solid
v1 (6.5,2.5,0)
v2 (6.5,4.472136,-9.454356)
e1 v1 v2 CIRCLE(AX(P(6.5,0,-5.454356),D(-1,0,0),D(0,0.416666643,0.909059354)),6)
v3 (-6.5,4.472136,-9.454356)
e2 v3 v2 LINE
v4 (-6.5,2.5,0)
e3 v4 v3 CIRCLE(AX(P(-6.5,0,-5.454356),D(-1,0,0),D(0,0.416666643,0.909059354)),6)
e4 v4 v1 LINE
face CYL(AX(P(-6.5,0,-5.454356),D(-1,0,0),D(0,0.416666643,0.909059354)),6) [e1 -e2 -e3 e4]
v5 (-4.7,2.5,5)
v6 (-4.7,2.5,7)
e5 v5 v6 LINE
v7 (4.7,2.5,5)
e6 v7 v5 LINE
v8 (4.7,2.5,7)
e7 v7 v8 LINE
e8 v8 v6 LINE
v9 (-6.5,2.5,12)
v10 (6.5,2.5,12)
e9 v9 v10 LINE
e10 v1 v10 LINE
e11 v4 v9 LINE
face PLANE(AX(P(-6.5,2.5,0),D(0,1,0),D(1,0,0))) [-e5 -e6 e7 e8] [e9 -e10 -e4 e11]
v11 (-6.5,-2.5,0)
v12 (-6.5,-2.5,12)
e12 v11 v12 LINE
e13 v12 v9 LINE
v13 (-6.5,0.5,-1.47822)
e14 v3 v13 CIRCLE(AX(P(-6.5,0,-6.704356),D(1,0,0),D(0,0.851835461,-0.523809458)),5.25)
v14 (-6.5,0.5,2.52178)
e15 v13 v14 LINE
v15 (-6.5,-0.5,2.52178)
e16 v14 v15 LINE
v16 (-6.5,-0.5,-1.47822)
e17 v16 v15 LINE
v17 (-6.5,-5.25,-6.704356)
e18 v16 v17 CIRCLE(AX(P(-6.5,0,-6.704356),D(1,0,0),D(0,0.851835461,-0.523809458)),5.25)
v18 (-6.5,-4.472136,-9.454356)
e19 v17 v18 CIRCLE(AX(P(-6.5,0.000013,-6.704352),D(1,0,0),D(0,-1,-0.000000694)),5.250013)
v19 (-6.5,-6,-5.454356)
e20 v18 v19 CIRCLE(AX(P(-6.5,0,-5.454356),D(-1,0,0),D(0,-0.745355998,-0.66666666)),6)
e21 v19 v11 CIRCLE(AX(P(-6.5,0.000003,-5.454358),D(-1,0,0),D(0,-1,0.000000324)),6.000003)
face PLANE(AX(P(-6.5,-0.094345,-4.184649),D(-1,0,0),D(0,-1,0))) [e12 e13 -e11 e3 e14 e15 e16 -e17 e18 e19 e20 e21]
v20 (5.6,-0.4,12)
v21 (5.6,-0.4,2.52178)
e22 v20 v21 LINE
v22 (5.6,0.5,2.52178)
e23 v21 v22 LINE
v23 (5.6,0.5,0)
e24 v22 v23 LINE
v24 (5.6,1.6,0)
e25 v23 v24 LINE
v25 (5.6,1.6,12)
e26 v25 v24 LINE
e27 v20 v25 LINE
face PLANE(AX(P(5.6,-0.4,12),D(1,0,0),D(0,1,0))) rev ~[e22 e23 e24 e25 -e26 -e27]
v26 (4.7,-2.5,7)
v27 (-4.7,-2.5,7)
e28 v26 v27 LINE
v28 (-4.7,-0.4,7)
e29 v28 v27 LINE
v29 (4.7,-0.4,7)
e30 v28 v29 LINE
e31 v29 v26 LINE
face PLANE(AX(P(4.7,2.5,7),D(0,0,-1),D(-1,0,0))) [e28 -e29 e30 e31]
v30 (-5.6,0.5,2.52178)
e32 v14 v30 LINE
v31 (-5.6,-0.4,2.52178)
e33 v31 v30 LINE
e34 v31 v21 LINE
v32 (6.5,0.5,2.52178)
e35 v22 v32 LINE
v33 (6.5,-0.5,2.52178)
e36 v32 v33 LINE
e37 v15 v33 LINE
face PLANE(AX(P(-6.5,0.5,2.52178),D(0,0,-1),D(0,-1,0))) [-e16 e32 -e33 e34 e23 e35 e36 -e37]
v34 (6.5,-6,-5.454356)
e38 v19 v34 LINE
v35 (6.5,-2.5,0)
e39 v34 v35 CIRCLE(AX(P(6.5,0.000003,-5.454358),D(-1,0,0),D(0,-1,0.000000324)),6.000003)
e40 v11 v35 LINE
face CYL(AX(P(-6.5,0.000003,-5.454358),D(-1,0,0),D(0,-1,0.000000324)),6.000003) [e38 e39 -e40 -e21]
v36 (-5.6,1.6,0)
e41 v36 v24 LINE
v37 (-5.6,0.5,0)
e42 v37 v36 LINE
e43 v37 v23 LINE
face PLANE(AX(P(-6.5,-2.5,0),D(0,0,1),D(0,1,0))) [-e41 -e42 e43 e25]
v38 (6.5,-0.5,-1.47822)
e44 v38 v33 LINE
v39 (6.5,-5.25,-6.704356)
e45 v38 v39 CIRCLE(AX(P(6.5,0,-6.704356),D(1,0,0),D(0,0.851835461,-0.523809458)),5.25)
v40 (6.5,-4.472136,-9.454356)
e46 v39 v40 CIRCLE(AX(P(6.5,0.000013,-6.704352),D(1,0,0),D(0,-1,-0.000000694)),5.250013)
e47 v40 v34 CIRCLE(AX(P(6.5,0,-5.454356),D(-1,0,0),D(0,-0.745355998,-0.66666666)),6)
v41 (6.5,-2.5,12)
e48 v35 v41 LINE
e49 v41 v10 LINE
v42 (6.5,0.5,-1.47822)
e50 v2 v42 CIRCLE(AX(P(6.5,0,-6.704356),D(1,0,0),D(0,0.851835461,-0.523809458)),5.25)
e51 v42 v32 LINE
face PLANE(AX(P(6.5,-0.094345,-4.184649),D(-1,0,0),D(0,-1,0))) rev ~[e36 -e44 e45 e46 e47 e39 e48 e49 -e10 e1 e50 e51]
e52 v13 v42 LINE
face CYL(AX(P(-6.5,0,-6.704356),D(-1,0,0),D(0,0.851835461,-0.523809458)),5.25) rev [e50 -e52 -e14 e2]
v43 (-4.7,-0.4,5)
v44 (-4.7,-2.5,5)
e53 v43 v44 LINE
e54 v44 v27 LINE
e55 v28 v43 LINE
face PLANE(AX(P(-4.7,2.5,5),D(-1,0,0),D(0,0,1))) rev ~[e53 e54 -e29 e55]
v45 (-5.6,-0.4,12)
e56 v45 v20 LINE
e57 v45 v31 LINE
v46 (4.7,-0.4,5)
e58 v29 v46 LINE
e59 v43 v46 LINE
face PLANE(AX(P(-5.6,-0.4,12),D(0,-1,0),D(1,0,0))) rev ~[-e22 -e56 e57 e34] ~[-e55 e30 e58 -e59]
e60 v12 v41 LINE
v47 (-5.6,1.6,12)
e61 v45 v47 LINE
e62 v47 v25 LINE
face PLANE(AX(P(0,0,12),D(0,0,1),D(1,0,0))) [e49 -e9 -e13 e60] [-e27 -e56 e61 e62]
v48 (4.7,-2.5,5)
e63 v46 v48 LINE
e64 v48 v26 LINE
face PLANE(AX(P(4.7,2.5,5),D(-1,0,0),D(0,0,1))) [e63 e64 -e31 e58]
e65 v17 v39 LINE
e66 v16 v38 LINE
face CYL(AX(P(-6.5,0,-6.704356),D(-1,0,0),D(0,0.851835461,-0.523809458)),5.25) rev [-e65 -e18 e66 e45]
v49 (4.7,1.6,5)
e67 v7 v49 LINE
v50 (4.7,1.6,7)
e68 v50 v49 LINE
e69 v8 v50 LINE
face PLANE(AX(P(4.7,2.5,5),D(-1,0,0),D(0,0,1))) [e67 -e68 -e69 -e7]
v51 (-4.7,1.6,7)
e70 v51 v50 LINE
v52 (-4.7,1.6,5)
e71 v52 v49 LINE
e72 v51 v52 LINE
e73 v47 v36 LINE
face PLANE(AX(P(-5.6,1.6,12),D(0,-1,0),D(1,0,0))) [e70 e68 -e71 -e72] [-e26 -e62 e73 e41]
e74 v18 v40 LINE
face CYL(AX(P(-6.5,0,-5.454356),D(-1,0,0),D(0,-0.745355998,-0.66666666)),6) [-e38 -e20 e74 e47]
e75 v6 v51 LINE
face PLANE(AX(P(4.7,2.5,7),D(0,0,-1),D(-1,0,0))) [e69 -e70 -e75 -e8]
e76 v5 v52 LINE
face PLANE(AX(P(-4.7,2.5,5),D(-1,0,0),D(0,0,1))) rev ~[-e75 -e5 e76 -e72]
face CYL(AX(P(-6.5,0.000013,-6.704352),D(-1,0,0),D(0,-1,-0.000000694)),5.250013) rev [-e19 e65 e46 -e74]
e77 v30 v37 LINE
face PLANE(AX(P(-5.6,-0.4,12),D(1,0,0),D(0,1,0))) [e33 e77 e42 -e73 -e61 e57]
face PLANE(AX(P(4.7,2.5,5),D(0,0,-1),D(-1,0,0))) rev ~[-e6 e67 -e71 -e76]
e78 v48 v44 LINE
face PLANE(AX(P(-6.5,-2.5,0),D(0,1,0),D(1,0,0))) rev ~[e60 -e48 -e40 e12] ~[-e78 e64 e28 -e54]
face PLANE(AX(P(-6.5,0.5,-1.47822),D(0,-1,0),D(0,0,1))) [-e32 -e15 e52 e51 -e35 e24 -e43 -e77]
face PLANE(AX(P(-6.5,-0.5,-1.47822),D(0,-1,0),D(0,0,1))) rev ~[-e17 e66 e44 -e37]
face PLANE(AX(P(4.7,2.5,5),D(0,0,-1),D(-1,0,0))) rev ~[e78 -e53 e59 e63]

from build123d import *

# Parameters (mm, degrees)
F0_W     = 13
F0_H     = 5
F1_DEPTH = 12
F2_W     = 11.2
F2_H     = 2
F3_DEPTH = 12
F4_W     = 9.4
F4_H     = 2
F5_DEPTH = 5.001
F7_DEPTH = 13
F8_W     = 1
F8_H     = 4
F9_DEPTH = 13.001


with BuildPart() as f1:
    # F0 (on Top) → F1 (new body)
    with BuildSketch(Plane.XY):
        Rectangle(F0_W, F0_H)
    extrude(amount=F1_DEPTH)

    # F2 (on face) → F3 (cut)
    with BuildSketch(Plane.XY.offset(12)):
        with Locations((0, 0.6)):
            Rectangle(F2_W, F2_H)
    extrude(amount=-F3_DEPTH, mode=Mode.SUBTRACT)

    # F4 (on face) → F5 (cut, through all)
    with BuildSketch(Plane(origin=(0, 2.5, 0), x_dir=(-1, 0, 0), z_dir=(0, 1, 0))):
        with Locations((0, 6)):
            Rectangle(F4_W, F4_H)
    extrude(amount=-F5_DEPTH, mode=Mode.SUBTRACT)

    # F6 (on face) → F7 (join)
    with BuildSketch(Plane(origin=(-6.5, 0, 0), x_dir=(0, -1, 0), z_dir=(-1, 0, 0))):
        with BuildLine():
            ThreePointArc((4.472136, -9.454356), (5.605034, -7.595289), (6, -5.454356))
            ThreePointArc((6, -5.454356), (5.049752, -2.213986), (2.5, 0))
            Line((2.5, 0), (-2.5, 0))
            ThreePointArc((-2.5, 0), (-5.873575, -4.229155), (-4.472136, -9.454356))
            ThreePointArc((-4.472136, -9.454356), (-1.428948, -1.652564), (5.25, -6.704356))
            ThreePointArc((5.25, -6.704356), (5.051792, -8.133304), (4.472136, -9.454356))
        make_face()
    extrude(amount=-F7_DEPTH)

    # F8 (on face) → F9 (cut, through all)
    with BuildSketch(Plane(origin=(-6.5, 0, 0), x_dir=(0, -1, 0), z_dir=(-1, 0, 0))):
        with Locations((0, 0.52178)):
            Rectangle(F8_W, F8_H)
    extrude(amount=-F9_DEPTH, mode=Mode.SUBTRACT)


solid = f1.part
